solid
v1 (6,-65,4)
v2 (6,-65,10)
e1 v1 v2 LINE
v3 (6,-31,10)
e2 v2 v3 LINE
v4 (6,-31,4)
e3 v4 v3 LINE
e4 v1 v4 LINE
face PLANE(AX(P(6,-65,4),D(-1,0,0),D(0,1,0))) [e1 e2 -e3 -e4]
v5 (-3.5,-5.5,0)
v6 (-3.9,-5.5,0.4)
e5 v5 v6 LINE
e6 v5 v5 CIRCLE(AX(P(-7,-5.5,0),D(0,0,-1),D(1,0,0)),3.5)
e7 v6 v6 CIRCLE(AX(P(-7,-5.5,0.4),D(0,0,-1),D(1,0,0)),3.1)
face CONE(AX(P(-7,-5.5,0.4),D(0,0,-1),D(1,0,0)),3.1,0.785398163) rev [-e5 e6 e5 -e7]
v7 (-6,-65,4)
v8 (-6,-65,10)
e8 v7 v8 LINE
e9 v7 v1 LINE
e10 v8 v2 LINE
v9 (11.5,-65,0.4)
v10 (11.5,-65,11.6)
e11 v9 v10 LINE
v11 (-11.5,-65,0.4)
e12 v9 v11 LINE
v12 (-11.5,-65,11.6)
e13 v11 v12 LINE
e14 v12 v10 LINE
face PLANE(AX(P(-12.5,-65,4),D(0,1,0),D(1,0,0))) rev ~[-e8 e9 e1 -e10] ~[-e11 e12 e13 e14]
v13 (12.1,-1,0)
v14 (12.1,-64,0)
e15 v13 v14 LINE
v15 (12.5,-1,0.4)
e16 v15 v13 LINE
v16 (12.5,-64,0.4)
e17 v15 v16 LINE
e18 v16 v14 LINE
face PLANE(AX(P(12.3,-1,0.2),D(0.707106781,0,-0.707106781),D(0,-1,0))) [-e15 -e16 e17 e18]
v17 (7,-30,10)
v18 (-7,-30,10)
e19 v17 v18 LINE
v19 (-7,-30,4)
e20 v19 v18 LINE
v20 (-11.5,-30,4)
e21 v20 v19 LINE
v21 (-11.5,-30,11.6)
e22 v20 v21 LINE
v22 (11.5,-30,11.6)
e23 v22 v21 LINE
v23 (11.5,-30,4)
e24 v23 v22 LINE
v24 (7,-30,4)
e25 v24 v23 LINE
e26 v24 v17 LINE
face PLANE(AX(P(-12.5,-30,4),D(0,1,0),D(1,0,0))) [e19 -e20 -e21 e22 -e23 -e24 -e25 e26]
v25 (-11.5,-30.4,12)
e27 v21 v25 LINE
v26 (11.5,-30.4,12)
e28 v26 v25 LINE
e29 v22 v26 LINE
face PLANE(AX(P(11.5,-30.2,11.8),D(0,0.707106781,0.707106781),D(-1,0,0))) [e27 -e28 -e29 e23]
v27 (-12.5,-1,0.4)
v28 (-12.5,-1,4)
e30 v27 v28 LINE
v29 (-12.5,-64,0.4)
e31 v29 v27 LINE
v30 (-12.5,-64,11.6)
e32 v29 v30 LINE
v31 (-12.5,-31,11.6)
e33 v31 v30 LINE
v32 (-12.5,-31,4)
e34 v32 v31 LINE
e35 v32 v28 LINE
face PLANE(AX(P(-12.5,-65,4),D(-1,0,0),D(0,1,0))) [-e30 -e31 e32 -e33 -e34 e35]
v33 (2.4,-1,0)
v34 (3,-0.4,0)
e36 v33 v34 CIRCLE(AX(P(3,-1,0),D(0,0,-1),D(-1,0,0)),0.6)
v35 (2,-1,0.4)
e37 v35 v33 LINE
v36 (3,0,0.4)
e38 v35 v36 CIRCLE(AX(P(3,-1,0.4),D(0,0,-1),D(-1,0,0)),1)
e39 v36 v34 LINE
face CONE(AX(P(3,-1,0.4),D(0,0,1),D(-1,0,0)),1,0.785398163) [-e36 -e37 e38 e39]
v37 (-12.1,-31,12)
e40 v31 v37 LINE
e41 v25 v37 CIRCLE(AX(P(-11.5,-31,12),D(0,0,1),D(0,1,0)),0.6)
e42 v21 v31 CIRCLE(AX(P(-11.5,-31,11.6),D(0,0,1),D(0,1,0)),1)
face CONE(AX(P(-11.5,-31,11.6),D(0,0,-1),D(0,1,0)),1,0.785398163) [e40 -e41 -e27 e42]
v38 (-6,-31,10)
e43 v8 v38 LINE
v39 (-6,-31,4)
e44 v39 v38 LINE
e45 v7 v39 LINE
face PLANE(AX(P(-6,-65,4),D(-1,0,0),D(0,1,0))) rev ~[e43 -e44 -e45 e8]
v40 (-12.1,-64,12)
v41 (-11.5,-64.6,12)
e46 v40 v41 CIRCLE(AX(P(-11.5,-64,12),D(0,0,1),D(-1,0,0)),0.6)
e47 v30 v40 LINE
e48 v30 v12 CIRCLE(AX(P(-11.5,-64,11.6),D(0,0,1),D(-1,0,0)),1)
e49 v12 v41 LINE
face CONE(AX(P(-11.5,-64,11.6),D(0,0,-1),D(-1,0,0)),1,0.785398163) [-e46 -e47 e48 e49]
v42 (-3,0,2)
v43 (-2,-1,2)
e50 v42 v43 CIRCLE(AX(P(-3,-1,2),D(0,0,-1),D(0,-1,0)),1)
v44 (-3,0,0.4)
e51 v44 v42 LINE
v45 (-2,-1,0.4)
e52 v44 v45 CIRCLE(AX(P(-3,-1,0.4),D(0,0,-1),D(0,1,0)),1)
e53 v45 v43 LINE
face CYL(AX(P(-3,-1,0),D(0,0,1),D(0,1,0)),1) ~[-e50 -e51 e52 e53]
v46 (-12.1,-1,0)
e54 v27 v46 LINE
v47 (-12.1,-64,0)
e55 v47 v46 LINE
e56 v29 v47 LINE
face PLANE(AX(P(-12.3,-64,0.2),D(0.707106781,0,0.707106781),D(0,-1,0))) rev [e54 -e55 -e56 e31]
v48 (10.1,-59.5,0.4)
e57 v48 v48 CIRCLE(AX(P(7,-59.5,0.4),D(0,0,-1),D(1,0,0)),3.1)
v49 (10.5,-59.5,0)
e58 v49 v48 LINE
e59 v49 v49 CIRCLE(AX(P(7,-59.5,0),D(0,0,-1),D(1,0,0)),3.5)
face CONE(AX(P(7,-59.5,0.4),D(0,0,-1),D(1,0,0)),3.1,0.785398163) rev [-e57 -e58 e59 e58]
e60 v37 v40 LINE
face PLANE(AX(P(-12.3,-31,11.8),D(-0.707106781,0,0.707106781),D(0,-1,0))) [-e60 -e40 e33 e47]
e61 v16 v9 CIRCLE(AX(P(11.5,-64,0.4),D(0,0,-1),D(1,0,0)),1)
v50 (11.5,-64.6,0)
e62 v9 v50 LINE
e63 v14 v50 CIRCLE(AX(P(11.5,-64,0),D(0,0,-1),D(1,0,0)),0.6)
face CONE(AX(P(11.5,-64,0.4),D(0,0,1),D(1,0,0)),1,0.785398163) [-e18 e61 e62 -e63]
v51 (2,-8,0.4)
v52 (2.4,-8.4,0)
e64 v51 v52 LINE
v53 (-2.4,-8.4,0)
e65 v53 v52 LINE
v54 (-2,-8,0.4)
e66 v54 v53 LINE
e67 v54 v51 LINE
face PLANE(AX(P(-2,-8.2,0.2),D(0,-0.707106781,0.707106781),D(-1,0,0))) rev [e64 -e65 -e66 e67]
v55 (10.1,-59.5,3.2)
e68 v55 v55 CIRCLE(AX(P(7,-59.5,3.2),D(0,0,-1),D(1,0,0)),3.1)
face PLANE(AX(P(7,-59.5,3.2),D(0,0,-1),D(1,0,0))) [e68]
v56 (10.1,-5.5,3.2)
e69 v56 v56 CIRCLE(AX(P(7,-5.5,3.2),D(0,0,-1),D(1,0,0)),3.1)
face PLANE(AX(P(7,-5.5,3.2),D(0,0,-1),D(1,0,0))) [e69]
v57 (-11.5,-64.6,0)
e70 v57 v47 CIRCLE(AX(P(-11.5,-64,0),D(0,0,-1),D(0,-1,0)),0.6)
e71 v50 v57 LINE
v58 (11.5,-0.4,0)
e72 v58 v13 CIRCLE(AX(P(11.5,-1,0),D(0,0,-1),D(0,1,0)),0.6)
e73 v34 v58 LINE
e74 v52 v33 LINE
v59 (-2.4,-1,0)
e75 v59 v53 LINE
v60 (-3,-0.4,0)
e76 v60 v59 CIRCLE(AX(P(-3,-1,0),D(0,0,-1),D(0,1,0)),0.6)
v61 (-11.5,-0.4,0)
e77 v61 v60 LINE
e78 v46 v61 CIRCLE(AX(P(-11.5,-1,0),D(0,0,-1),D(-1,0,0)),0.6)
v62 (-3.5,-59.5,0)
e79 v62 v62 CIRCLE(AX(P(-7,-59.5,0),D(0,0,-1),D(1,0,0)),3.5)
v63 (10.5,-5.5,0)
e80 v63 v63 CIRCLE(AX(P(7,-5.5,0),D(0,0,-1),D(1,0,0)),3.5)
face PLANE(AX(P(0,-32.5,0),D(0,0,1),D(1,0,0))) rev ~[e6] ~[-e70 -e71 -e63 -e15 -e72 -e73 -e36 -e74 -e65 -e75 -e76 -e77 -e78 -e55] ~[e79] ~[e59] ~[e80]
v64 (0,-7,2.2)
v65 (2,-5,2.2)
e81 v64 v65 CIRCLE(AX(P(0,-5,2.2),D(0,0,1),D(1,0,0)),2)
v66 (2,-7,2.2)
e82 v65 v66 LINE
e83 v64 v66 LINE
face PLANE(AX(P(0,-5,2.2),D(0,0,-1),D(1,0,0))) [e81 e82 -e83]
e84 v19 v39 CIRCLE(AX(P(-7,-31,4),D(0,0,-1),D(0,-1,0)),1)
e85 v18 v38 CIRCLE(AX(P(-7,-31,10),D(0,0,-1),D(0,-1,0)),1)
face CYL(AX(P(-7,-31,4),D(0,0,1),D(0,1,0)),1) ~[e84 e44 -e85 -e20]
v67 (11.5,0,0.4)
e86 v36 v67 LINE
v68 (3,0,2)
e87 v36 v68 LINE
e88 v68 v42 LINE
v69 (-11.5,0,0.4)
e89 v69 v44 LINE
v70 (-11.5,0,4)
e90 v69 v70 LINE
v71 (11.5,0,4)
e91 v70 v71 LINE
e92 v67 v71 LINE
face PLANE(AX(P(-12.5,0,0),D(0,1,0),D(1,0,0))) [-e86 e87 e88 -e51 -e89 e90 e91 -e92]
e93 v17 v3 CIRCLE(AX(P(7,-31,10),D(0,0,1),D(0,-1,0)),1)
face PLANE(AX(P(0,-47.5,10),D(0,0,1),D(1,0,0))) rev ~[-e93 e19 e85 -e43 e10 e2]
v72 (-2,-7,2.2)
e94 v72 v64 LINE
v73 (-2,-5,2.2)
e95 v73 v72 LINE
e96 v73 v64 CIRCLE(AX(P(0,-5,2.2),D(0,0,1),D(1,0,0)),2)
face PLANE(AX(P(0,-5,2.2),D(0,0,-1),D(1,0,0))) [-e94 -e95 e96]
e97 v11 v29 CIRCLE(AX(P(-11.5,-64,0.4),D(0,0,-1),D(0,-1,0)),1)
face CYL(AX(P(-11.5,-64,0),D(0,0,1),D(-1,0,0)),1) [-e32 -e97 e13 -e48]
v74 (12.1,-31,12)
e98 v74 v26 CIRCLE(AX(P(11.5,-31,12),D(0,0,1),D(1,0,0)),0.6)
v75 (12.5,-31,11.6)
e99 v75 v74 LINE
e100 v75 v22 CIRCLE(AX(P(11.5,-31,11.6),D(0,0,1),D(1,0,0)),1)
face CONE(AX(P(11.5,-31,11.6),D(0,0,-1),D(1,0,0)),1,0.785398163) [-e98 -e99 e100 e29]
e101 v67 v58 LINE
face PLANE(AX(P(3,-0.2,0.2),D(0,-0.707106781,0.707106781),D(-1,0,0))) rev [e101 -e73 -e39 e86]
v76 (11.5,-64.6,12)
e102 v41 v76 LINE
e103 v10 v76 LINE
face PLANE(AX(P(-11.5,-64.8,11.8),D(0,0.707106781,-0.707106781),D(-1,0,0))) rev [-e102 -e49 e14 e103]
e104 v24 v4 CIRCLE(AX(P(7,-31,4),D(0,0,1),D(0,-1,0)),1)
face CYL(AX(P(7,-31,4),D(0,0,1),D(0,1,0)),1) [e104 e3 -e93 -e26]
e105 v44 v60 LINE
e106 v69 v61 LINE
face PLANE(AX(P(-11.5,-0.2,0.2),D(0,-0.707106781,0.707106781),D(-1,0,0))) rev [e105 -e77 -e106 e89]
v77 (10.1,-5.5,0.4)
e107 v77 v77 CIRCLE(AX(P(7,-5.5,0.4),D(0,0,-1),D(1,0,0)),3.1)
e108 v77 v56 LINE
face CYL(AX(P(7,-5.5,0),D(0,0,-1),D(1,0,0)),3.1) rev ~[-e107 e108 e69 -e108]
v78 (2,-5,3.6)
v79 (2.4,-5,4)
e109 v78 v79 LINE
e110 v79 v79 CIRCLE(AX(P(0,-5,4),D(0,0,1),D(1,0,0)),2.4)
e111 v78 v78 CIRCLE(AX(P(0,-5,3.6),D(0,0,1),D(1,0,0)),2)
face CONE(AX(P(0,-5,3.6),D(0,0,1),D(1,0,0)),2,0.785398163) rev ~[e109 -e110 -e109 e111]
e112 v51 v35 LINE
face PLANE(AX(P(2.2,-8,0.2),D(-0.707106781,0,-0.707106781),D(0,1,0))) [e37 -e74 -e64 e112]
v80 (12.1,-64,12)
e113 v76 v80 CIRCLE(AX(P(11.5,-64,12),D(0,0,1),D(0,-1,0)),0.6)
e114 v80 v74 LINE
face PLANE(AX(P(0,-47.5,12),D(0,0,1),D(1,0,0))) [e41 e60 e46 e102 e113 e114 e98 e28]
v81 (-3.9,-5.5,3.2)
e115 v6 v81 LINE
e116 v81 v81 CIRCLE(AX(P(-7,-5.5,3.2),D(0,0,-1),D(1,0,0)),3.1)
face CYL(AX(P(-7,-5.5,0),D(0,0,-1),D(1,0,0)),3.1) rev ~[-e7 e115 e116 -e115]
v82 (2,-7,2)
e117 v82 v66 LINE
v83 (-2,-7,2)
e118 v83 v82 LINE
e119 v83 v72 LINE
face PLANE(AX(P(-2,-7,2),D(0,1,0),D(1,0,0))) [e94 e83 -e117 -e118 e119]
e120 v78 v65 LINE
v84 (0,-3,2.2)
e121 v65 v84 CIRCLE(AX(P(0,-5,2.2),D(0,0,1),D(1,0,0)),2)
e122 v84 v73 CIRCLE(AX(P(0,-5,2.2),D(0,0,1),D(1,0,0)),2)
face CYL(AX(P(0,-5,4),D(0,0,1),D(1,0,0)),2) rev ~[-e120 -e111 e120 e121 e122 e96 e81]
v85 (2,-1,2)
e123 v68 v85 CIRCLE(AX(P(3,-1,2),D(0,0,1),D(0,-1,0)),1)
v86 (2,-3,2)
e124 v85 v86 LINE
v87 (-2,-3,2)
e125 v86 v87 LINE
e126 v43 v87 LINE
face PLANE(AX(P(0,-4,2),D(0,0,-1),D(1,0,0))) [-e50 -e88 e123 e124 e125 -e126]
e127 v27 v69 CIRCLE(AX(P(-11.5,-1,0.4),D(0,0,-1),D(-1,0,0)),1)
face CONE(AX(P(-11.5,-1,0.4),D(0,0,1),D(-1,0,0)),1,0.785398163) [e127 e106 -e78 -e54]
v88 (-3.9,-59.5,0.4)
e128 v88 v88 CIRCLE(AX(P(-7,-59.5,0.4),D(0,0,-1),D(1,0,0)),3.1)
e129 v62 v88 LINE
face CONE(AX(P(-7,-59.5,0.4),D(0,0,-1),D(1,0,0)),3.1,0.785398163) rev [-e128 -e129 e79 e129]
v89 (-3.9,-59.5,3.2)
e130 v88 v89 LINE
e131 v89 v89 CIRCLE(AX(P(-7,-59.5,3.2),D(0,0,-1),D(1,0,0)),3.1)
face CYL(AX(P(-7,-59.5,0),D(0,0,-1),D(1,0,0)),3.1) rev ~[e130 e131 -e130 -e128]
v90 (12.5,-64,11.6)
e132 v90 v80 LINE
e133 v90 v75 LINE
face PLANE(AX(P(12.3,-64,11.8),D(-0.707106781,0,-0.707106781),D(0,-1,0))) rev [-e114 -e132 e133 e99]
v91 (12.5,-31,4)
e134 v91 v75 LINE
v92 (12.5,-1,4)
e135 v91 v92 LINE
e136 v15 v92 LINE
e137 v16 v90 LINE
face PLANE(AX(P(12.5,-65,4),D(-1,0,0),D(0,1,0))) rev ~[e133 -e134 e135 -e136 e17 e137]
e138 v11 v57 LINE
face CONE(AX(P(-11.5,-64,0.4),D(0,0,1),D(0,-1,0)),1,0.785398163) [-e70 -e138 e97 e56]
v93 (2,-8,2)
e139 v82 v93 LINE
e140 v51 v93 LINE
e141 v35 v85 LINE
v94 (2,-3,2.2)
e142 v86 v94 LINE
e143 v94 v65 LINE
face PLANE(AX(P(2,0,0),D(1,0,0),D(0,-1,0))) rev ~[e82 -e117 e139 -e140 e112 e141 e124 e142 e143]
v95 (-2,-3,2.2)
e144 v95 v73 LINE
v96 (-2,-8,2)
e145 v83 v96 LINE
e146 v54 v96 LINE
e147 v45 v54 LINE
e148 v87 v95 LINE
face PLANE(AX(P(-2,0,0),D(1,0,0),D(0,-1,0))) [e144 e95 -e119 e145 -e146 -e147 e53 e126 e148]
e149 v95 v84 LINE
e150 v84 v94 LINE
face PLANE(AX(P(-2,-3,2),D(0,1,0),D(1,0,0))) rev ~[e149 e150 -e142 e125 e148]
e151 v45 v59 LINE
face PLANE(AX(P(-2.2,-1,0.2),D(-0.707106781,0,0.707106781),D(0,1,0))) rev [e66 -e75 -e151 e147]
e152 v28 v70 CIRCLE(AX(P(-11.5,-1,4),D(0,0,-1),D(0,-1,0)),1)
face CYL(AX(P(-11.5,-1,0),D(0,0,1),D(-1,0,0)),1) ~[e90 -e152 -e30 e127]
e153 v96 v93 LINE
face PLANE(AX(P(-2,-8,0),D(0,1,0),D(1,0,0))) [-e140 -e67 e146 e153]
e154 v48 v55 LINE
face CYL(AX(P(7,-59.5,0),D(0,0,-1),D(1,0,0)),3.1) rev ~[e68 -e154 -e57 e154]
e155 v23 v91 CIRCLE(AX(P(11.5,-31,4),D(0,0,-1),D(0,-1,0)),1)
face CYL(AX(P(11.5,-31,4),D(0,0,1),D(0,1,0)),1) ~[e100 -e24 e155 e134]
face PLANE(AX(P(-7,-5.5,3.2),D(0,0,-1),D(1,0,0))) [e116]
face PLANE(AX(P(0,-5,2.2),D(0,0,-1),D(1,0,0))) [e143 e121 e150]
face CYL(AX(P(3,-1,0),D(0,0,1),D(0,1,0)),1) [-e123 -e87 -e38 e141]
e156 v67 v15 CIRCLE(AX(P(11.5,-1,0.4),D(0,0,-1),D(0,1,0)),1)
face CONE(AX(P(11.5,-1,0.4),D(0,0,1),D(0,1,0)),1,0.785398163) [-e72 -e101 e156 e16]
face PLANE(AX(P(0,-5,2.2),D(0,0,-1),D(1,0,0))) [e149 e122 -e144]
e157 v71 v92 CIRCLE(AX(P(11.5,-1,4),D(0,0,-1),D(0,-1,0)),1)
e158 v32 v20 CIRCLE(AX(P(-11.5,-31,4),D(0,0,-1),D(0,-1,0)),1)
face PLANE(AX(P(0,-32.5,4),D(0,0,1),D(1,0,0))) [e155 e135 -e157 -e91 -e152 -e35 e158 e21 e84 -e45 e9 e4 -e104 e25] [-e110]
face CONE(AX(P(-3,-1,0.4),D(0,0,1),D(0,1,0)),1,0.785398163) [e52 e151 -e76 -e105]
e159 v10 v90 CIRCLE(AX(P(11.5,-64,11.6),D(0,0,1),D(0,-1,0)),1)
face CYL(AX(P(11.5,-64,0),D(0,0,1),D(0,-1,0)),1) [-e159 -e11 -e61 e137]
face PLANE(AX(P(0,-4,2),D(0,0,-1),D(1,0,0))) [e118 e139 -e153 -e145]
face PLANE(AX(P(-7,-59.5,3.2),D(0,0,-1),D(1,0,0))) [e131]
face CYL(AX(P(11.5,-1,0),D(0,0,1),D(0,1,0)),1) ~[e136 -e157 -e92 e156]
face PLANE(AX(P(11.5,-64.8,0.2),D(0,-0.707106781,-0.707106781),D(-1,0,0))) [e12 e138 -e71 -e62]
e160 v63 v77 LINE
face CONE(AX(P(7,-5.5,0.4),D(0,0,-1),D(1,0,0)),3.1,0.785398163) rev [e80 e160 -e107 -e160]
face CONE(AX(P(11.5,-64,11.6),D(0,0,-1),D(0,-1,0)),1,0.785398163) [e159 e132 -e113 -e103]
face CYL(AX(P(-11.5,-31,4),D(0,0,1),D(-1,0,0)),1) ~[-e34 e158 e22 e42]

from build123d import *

# Parameters (mm, degrees)
SKETCH_W        = 25
SKETCH_H        = 65
PAD_DEPTH       = 4
SKETCH001_W     = 25
SKETCH001_H     = 35
PAD001_DEPTH    = 8
SKETCH002_W     = 12
SKETCH002_H     = 35
POCKET_DEPTH    = 6
SKETCH003_R     = 2
POCKET001_DEPTH = 4.001
SKETCH004_W     = 4
SKETCH004_H     = 8
POCKET002_DEPTH = 2
SKETCH005_W     = 4
SKETCH005_H     = 4
POCKET003_DEPTH = 0.2
SKETCH006_R     = 3.1
POCKET004_DEPTH = 3.2
FILLET_R        = 1
CHAMFER_SIZE    = 0.4


with BuildPart() as part:
    # Sketch → Pad (new body)
    with BuildSketch(Plane.XY):
        with Locations((0, -32.5)):
            Rectangle(SKETCH_W, SKETCH_H)
    extrude(amount=PAD_DEPTH)

    # Sketch001 (on Face6 of Pad) → Pad001 (join)
    with BuildSketch(Plane.XY.offset(4)):
        with Locations((0, -47.5)):
            Rectangle(SKETCH001_W, SKETCH001_H)
    extrude(amount=PAD001_DEPTH)

    # Sketch002 (on Face5 of Pad001) → Pocket (cut)
    with BuildSketch(Plane.XY.offset(4)):
        with Locations((0, -47.5)):
            Rectangle(SKETCH002_W, SKETCH002_H)
    extrude(amount=POCKET_DEPTH, mode=Mode.SUBTRACT)

    # Sketch003 (on Face5 of Pocket) → Pocket001 (cut, through all)
    with BuildSketch(Plane.XY.offset(4)):
        with Locations((0, -5)):
            Circle(SKETCH003_R)
    extrude(amount=-POCKET001_DEPTH, mode=Mode.SUBTRACT)

    # Sketch004 (on Face4 of Pocket001) → Pocket002 (cut)
    with BuildSketch(Plane(origin=(0, 0, 0), x_dir=(1, 0, 0), z_dir=(0, 0, -1))):
        with Locations((0, 4)):
            Rectangle(SKETCH004_W, SKETCH004_H)
    extrude(amount=-POCKET002_DEPTH, mode=Mode.SUBTRACT)

    # Sketch005 (on Face4 of Pocket002) → Pocket003 (cut)
    with BuildSketch(Plane(origin=(0, 0, 2), x_dir=(1, 0, 0), z_dir=(0, 0, -1))):
        with Locations((0, 5)):
            Rectangle(SKETCH005_W, SKETCH005_H)
    extrude(amount=-POCKET003_DEPTH, mode=Mode.SUBTRACT)

    # Sketch006 (on Face2 of Pocket003) → Pocket004 (cut)
    with BuildSketch(Plane(origin=(0, 0, 0), x_dir=(1, 0, 0), z_dir=(0, 0, -1))):
        with Locations((-7, 59.5)):
            Circle(SKETCH006_R)
        with Locations((7, 59.5)):
            Circle(SKETCH006_R)
        with Locations((-7, 5.5)):
            Circle(SKETCH006_R)
        with Locations((7, 5.5)):
            Circle(SKETCH006_R)
    extrude(amount=-POCKET004_DEPTH, mode=Mode.SUBTRACT)

    # Fillet
    fillet_edges = [part.edges().sort_by_distance(p)[0] for p in [
        (-12.5, -65, 6),
        (12.5, -65, 6),
        (12.5, 0, 2),
        (12.5, -30, 8),
        (-12.5, -30, 8),
        (-6, -30, 7),
        (6, -30, 7),
        (-12.5, 0, 2),
        (2, 0, 1),
        (-2, 0, 1),
    ]]
    fillet(fillet_edges, radius=FILLET_R)

    # Chamfer
    chamfer_edges = [part.edges().sort_by_distance(p)[0] for p in [
        (-7.25, 0, 0),
        (-12.207107, -0.292893, 0),
        (-2.292893, -0.292893, 0),
        (-12.5, -32.5, 0),
        (-2, -4.5, 0),
        (-12.207107, -64.707107, 0),
        (0, -8, 0),
        (0, -65, 0),
        (2, -4.5, 0),
        (12.207107, -64.707107, 0),
        (2.292893, -0.292893, 0),
        (12.5, -32.5, 0),
        (7.25, 0, 0),
        (12.207107, -0.292893, 0),
        (-10.1, -59.5, 0),
        (3.9, -59.5, 0),
        (-10.1, -5.5, 0),
        (3.9, -5.5, 0),
        (0, -65, 12),
        (-12.207107, -64.707107, 12),
        (12.207107, -64.707107, 12),
        (-12.5, -47.5, 12),
        (12.5, -47.5, 12),
        (-12.207107, -30.292893, 12),
        (12.207107, -30.292893, 12),
        (0, -30, 12),
        (-2, -5, 4),
    ]]
    chamfer(chamfer_edges, length=CHAMFER_SIZE)


solid = part.part
